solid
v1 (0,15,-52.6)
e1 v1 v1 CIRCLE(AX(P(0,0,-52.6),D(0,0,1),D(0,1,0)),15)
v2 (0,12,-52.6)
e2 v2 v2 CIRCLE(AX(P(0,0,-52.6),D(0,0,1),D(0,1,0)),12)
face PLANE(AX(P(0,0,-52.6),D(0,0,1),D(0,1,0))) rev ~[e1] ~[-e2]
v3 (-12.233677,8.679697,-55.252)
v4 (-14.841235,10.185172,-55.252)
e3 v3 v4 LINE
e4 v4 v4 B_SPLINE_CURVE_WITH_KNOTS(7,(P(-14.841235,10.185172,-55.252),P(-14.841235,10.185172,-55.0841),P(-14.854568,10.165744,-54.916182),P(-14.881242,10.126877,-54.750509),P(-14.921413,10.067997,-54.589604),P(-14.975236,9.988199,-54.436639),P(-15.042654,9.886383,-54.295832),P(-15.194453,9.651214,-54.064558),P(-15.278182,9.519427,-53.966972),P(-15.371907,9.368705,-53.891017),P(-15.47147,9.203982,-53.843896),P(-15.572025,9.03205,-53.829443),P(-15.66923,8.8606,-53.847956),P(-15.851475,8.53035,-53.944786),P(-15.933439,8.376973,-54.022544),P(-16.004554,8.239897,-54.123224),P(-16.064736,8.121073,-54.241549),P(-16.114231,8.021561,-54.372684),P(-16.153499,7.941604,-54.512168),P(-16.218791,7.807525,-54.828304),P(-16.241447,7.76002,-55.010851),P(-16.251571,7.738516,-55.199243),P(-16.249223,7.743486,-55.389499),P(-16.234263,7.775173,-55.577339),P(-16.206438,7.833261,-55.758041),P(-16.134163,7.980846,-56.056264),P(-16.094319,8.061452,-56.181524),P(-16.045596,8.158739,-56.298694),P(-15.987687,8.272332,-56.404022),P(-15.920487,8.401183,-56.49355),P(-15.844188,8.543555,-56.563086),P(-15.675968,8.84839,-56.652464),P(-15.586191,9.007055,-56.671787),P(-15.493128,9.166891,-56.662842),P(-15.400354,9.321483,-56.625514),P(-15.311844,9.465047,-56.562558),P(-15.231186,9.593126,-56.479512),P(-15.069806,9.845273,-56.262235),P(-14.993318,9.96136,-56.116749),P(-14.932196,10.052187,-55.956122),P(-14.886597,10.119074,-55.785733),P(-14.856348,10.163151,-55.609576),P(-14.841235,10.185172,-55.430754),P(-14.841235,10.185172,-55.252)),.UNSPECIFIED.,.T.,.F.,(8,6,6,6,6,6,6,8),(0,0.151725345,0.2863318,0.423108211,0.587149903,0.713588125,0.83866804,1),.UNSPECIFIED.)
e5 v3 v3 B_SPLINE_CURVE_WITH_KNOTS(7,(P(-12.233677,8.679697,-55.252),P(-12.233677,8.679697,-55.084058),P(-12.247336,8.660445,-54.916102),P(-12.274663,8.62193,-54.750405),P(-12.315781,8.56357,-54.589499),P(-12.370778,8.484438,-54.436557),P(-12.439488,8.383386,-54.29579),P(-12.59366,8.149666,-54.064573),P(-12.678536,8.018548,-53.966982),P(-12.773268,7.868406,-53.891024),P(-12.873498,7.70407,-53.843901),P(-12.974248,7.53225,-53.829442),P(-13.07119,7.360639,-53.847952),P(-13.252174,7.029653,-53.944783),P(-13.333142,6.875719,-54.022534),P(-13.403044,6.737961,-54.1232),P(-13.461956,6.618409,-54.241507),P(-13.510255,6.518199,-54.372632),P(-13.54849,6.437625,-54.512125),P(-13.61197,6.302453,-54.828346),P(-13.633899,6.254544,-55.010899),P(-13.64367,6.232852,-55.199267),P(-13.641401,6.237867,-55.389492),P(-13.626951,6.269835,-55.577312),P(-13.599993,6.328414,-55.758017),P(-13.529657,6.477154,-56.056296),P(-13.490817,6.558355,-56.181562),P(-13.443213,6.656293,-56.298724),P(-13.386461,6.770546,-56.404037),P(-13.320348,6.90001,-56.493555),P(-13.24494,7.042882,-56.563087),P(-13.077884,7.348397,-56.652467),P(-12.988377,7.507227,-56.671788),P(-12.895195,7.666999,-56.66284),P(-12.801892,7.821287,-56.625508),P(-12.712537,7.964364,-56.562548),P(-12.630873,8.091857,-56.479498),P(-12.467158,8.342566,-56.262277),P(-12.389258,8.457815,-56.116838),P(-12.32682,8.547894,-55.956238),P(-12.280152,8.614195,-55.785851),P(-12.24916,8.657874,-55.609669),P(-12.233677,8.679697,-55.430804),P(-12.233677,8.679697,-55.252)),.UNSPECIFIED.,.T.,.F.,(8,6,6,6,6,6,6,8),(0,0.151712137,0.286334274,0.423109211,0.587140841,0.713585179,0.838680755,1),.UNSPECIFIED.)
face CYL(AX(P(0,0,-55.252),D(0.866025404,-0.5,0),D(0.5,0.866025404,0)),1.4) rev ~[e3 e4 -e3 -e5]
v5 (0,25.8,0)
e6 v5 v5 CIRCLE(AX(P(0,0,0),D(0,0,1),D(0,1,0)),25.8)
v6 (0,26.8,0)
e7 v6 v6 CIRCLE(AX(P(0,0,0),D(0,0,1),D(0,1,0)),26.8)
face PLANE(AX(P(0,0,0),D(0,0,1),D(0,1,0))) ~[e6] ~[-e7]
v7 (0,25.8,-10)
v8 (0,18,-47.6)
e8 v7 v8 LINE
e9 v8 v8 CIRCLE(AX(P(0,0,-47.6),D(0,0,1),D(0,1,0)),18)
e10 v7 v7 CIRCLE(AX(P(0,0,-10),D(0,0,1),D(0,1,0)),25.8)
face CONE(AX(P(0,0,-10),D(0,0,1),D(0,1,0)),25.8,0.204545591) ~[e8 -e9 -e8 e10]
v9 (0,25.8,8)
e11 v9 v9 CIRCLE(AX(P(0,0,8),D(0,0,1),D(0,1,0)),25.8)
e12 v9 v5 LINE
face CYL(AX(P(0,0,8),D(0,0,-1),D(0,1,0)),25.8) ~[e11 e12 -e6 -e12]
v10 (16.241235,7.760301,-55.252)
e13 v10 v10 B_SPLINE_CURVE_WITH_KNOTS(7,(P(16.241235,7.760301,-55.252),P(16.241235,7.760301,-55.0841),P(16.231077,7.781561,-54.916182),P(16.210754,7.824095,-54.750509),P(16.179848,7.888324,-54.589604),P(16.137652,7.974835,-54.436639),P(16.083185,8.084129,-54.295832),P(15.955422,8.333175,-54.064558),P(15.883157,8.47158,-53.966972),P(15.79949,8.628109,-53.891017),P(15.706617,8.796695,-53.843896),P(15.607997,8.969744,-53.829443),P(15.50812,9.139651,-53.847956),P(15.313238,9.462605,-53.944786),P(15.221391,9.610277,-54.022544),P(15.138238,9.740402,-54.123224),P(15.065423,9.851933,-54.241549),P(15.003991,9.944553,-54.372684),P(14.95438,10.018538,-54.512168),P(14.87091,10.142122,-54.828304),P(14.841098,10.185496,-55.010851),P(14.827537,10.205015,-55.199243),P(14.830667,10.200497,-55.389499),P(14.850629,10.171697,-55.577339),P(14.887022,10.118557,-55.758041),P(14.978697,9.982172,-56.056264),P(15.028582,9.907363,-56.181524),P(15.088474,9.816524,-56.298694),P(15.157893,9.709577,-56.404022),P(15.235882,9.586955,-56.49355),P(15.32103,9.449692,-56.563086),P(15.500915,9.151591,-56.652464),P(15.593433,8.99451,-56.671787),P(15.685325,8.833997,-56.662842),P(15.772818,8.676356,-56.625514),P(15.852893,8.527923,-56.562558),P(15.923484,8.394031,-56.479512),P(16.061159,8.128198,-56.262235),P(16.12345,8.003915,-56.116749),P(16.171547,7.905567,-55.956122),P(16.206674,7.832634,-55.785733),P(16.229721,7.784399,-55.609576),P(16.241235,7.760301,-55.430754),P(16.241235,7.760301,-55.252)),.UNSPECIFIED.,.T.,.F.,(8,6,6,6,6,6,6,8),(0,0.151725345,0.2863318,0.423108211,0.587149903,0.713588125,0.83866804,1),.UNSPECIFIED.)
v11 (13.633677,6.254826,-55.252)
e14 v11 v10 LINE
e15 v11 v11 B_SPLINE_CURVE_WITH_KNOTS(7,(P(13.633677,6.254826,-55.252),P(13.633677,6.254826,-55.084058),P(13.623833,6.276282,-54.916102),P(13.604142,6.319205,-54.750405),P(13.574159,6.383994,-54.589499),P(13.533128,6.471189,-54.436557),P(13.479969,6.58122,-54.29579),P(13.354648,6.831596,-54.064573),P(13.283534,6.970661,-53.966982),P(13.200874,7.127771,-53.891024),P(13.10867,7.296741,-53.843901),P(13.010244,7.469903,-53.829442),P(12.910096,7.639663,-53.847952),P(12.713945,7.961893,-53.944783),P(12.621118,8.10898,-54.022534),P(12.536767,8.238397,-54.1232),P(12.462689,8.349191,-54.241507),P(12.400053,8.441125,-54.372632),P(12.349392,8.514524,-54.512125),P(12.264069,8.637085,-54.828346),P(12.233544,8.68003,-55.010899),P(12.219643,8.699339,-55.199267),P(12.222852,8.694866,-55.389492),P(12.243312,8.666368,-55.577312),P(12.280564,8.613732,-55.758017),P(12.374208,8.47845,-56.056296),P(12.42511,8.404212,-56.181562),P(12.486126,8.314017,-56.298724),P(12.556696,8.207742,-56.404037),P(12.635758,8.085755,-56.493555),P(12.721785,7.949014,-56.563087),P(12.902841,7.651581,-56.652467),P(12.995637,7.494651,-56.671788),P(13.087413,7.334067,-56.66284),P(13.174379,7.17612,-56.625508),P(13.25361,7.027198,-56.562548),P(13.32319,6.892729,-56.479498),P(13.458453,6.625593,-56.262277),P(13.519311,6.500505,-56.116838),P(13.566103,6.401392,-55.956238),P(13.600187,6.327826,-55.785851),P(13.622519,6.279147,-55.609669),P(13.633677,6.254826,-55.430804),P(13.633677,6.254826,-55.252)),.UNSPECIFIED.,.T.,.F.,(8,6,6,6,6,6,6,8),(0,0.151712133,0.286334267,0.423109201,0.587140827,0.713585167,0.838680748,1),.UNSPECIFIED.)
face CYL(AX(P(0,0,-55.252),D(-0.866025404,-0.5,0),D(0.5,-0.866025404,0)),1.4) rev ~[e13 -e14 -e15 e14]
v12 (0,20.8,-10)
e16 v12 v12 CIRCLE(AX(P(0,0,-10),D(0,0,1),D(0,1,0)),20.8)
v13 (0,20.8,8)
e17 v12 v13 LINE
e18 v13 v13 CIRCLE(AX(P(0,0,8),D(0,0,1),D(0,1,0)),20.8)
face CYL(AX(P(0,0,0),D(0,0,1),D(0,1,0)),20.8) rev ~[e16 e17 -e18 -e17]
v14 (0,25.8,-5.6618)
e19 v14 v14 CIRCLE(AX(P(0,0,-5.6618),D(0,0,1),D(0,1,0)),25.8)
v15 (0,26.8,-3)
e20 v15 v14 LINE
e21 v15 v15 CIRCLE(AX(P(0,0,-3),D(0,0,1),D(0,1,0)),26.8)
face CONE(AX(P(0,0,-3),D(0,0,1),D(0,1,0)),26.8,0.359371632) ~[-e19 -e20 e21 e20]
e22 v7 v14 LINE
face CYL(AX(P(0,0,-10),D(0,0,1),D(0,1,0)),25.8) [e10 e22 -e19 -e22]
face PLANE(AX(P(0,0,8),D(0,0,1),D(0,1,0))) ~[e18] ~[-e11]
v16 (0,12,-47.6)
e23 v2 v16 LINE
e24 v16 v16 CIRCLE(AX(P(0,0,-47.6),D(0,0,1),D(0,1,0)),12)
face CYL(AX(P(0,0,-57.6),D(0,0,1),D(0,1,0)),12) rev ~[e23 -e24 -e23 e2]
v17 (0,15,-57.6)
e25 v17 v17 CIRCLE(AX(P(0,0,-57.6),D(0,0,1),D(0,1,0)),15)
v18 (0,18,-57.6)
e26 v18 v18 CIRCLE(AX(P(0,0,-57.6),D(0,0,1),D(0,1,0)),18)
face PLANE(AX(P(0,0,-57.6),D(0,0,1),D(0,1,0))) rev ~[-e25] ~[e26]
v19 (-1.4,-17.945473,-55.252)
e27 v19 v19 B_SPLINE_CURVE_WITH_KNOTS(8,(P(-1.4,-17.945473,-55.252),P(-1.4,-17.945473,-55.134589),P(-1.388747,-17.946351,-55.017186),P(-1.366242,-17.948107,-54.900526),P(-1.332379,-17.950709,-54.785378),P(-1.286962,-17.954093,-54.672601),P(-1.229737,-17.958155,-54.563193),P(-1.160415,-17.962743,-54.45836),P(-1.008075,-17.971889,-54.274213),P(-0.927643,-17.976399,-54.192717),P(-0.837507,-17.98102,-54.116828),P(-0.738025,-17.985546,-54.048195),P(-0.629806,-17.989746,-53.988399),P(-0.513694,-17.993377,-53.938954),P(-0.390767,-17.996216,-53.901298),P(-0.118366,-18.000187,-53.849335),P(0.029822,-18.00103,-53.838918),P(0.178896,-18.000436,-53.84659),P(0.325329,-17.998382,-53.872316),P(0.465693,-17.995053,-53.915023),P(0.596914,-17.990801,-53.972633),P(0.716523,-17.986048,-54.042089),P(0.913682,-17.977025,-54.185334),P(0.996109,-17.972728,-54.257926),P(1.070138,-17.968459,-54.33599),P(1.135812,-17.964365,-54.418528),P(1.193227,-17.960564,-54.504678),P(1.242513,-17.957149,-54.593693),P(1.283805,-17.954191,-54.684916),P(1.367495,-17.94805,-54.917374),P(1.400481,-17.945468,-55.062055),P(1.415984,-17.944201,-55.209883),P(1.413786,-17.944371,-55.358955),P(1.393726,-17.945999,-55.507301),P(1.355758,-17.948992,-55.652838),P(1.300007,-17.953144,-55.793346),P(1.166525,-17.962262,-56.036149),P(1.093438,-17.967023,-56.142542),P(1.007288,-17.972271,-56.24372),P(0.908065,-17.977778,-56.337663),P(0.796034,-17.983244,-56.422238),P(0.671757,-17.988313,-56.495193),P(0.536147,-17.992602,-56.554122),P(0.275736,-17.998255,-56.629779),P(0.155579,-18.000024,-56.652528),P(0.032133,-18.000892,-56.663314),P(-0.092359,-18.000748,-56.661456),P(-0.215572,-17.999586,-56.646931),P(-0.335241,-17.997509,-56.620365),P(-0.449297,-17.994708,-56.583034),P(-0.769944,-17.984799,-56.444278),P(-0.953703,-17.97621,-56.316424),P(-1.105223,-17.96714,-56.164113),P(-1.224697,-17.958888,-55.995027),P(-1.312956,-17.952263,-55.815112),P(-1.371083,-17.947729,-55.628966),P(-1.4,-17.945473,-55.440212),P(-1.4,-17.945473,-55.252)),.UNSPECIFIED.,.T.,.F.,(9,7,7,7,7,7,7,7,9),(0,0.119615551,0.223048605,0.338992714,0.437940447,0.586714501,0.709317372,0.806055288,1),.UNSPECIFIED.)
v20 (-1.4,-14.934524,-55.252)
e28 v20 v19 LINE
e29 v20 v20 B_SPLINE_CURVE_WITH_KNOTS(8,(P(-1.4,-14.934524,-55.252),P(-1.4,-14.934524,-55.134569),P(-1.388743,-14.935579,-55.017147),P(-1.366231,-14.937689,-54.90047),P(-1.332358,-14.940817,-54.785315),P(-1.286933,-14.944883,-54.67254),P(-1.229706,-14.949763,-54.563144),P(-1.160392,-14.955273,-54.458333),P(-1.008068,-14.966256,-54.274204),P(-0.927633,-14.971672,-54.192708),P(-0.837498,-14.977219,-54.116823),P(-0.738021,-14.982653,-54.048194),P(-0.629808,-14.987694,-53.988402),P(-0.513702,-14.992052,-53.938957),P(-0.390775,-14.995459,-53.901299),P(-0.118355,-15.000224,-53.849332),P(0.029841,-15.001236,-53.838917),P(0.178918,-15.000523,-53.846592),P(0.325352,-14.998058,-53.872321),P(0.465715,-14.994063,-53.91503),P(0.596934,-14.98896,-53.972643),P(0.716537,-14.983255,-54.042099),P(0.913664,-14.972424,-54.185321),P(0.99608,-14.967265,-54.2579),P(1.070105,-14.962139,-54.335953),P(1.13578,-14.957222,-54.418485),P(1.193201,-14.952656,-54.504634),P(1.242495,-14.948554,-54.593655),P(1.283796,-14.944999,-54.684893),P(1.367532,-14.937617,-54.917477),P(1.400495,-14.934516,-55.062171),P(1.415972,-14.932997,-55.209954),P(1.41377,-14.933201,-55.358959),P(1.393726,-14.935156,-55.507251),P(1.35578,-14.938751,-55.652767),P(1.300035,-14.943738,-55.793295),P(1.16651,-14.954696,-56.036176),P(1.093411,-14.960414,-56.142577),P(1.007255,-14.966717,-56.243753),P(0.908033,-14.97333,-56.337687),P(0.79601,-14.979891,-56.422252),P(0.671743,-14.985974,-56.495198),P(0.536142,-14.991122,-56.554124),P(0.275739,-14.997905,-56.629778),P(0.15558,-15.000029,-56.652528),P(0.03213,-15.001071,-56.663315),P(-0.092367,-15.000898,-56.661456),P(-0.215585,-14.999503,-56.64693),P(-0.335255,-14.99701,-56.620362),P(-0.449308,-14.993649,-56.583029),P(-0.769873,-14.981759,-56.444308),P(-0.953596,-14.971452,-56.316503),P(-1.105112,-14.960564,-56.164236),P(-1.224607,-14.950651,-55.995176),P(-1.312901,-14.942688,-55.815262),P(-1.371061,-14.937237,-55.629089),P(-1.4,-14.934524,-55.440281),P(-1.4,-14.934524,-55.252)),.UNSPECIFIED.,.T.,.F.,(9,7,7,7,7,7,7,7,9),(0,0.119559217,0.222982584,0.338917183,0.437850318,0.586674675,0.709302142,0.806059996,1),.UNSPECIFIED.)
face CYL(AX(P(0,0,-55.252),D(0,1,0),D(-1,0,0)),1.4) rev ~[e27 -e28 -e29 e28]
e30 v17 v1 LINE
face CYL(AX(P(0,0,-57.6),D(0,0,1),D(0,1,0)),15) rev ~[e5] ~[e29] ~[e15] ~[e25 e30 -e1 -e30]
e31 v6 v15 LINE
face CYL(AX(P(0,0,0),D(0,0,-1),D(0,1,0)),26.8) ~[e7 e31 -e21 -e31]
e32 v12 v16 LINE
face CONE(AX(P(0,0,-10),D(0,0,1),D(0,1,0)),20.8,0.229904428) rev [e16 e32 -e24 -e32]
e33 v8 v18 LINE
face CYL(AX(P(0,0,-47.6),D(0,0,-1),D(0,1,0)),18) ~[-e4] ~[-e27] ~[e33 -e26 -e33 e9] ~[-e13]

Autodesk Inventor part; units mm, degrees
ref_plane "YZ Plane" through (0, 0, 0) normal (1, 0, 0) x (0, 1, 0)
ref_plane "XZ Plane" through (0, 0, 0) normal (0, 1, 0) x (-1, 0, 0)
ref_plane "XY Plane" through (0, 0, 0) normal (0, 0, 1) x (1, 0, 0)
sketch "Skizze1" plane through (0, 0, 0) normal (1, 0, 0) x (0, 1, 0)
  line L0 (25.8, 0) -> (20.8, 0)
  line L1 (20.8, 0) -> (20.8, -10)
  line L2 (20.8, -10) -> (25.8, -10)
  line L3 (25.8, -10) -> (25.8, 0)
  line L4 (18, -57.6) -> (12, -57.6)
  line L5 (12, -57.6) -> (12, -47.6)
  line L6 (12, -47.6) -> (18, -47.6)
  line L7 (18, -47.6) -> (18, -57.6)
  line L8 (25.8, -10) -> (18, -47.6)
  line L9 (20.8, -10) -> (12, -47.6)
  line L10 (12, -57.6) -> (15, -57.6)
  line L11 (15, -57.6) -> (15, -52.6)
  line L12 (15, -52.6) -> (12, -52.6)
  line L13 (12, -52.6) -> (12, -57.6)
  line L14 (0, -70.72) -> (0, 21.12) projected
  line L15 (25.8, 0) -> (20.8, 0)
  line L16 (20.8, 0) -> (20.8, 8)
  line L17 (20.8, 8) -> (25.8, 8)
  line L18 (25.8, 8) -> (25.8, 0)
  line L19 (25.8, 0) -> (26.8, 0)
  line L20 (26.8, 0) -> (26.8, -3)
  line L21 (26.8, -3) -> (25.8, -3)
  line L22 (25.8, -3) -> (25.8, 0)
  line L23 (26.8, -3) -> (25.8, -5.6618)
  point P0 (0, 0)
  point P1 (15, -57.6)
  point P2 (15, -47.6)
  point P3 (15, -55.1)
  dimension "d0" = 5
  dimension "d1" = 10
  dimension "d2" = 25.8
  dimension "d3" = 57.6
  dimension "d4" = 10
  dimension "d5" = 6
  dimension "d6" = 12
  dimension "d7" = 5
  dimension "d8" = 15
  dimension "d16" = 8
  dimension "d17" = 1
  dimension "d18" = 3
revolve "Umdrehung1" add sketch "Skizze1" angle 360 about axis through (0, 0, -10) along (0, 0, 1) contours L3 L2 L1 L0 | L19 L20 L21 L3 | L0 L16 L17 L18 | L21 L23 L3 | L2 L8 L6 L9 | L6 L7 L4 L11 L12 L5
sketch "Skizze2" plane through (0, 0, 0) normal (0, 1, 0) x (-1, 0, 0)
  circle A0 centre (0, -55.252) radius 1.4
  point P0 (0, 0)
  dimension "d10" = 2.8
extrude "Extrusion1" cut sketch "Skizze2" against normal through all
pattern_circular "Runde Anordnung1" count 3 over 360 about axis through (0, 0, -52.6) along (0, 0, 1) of "Extrusion1"
properties part number "00_Zeiss_Daheng_Adapter"
